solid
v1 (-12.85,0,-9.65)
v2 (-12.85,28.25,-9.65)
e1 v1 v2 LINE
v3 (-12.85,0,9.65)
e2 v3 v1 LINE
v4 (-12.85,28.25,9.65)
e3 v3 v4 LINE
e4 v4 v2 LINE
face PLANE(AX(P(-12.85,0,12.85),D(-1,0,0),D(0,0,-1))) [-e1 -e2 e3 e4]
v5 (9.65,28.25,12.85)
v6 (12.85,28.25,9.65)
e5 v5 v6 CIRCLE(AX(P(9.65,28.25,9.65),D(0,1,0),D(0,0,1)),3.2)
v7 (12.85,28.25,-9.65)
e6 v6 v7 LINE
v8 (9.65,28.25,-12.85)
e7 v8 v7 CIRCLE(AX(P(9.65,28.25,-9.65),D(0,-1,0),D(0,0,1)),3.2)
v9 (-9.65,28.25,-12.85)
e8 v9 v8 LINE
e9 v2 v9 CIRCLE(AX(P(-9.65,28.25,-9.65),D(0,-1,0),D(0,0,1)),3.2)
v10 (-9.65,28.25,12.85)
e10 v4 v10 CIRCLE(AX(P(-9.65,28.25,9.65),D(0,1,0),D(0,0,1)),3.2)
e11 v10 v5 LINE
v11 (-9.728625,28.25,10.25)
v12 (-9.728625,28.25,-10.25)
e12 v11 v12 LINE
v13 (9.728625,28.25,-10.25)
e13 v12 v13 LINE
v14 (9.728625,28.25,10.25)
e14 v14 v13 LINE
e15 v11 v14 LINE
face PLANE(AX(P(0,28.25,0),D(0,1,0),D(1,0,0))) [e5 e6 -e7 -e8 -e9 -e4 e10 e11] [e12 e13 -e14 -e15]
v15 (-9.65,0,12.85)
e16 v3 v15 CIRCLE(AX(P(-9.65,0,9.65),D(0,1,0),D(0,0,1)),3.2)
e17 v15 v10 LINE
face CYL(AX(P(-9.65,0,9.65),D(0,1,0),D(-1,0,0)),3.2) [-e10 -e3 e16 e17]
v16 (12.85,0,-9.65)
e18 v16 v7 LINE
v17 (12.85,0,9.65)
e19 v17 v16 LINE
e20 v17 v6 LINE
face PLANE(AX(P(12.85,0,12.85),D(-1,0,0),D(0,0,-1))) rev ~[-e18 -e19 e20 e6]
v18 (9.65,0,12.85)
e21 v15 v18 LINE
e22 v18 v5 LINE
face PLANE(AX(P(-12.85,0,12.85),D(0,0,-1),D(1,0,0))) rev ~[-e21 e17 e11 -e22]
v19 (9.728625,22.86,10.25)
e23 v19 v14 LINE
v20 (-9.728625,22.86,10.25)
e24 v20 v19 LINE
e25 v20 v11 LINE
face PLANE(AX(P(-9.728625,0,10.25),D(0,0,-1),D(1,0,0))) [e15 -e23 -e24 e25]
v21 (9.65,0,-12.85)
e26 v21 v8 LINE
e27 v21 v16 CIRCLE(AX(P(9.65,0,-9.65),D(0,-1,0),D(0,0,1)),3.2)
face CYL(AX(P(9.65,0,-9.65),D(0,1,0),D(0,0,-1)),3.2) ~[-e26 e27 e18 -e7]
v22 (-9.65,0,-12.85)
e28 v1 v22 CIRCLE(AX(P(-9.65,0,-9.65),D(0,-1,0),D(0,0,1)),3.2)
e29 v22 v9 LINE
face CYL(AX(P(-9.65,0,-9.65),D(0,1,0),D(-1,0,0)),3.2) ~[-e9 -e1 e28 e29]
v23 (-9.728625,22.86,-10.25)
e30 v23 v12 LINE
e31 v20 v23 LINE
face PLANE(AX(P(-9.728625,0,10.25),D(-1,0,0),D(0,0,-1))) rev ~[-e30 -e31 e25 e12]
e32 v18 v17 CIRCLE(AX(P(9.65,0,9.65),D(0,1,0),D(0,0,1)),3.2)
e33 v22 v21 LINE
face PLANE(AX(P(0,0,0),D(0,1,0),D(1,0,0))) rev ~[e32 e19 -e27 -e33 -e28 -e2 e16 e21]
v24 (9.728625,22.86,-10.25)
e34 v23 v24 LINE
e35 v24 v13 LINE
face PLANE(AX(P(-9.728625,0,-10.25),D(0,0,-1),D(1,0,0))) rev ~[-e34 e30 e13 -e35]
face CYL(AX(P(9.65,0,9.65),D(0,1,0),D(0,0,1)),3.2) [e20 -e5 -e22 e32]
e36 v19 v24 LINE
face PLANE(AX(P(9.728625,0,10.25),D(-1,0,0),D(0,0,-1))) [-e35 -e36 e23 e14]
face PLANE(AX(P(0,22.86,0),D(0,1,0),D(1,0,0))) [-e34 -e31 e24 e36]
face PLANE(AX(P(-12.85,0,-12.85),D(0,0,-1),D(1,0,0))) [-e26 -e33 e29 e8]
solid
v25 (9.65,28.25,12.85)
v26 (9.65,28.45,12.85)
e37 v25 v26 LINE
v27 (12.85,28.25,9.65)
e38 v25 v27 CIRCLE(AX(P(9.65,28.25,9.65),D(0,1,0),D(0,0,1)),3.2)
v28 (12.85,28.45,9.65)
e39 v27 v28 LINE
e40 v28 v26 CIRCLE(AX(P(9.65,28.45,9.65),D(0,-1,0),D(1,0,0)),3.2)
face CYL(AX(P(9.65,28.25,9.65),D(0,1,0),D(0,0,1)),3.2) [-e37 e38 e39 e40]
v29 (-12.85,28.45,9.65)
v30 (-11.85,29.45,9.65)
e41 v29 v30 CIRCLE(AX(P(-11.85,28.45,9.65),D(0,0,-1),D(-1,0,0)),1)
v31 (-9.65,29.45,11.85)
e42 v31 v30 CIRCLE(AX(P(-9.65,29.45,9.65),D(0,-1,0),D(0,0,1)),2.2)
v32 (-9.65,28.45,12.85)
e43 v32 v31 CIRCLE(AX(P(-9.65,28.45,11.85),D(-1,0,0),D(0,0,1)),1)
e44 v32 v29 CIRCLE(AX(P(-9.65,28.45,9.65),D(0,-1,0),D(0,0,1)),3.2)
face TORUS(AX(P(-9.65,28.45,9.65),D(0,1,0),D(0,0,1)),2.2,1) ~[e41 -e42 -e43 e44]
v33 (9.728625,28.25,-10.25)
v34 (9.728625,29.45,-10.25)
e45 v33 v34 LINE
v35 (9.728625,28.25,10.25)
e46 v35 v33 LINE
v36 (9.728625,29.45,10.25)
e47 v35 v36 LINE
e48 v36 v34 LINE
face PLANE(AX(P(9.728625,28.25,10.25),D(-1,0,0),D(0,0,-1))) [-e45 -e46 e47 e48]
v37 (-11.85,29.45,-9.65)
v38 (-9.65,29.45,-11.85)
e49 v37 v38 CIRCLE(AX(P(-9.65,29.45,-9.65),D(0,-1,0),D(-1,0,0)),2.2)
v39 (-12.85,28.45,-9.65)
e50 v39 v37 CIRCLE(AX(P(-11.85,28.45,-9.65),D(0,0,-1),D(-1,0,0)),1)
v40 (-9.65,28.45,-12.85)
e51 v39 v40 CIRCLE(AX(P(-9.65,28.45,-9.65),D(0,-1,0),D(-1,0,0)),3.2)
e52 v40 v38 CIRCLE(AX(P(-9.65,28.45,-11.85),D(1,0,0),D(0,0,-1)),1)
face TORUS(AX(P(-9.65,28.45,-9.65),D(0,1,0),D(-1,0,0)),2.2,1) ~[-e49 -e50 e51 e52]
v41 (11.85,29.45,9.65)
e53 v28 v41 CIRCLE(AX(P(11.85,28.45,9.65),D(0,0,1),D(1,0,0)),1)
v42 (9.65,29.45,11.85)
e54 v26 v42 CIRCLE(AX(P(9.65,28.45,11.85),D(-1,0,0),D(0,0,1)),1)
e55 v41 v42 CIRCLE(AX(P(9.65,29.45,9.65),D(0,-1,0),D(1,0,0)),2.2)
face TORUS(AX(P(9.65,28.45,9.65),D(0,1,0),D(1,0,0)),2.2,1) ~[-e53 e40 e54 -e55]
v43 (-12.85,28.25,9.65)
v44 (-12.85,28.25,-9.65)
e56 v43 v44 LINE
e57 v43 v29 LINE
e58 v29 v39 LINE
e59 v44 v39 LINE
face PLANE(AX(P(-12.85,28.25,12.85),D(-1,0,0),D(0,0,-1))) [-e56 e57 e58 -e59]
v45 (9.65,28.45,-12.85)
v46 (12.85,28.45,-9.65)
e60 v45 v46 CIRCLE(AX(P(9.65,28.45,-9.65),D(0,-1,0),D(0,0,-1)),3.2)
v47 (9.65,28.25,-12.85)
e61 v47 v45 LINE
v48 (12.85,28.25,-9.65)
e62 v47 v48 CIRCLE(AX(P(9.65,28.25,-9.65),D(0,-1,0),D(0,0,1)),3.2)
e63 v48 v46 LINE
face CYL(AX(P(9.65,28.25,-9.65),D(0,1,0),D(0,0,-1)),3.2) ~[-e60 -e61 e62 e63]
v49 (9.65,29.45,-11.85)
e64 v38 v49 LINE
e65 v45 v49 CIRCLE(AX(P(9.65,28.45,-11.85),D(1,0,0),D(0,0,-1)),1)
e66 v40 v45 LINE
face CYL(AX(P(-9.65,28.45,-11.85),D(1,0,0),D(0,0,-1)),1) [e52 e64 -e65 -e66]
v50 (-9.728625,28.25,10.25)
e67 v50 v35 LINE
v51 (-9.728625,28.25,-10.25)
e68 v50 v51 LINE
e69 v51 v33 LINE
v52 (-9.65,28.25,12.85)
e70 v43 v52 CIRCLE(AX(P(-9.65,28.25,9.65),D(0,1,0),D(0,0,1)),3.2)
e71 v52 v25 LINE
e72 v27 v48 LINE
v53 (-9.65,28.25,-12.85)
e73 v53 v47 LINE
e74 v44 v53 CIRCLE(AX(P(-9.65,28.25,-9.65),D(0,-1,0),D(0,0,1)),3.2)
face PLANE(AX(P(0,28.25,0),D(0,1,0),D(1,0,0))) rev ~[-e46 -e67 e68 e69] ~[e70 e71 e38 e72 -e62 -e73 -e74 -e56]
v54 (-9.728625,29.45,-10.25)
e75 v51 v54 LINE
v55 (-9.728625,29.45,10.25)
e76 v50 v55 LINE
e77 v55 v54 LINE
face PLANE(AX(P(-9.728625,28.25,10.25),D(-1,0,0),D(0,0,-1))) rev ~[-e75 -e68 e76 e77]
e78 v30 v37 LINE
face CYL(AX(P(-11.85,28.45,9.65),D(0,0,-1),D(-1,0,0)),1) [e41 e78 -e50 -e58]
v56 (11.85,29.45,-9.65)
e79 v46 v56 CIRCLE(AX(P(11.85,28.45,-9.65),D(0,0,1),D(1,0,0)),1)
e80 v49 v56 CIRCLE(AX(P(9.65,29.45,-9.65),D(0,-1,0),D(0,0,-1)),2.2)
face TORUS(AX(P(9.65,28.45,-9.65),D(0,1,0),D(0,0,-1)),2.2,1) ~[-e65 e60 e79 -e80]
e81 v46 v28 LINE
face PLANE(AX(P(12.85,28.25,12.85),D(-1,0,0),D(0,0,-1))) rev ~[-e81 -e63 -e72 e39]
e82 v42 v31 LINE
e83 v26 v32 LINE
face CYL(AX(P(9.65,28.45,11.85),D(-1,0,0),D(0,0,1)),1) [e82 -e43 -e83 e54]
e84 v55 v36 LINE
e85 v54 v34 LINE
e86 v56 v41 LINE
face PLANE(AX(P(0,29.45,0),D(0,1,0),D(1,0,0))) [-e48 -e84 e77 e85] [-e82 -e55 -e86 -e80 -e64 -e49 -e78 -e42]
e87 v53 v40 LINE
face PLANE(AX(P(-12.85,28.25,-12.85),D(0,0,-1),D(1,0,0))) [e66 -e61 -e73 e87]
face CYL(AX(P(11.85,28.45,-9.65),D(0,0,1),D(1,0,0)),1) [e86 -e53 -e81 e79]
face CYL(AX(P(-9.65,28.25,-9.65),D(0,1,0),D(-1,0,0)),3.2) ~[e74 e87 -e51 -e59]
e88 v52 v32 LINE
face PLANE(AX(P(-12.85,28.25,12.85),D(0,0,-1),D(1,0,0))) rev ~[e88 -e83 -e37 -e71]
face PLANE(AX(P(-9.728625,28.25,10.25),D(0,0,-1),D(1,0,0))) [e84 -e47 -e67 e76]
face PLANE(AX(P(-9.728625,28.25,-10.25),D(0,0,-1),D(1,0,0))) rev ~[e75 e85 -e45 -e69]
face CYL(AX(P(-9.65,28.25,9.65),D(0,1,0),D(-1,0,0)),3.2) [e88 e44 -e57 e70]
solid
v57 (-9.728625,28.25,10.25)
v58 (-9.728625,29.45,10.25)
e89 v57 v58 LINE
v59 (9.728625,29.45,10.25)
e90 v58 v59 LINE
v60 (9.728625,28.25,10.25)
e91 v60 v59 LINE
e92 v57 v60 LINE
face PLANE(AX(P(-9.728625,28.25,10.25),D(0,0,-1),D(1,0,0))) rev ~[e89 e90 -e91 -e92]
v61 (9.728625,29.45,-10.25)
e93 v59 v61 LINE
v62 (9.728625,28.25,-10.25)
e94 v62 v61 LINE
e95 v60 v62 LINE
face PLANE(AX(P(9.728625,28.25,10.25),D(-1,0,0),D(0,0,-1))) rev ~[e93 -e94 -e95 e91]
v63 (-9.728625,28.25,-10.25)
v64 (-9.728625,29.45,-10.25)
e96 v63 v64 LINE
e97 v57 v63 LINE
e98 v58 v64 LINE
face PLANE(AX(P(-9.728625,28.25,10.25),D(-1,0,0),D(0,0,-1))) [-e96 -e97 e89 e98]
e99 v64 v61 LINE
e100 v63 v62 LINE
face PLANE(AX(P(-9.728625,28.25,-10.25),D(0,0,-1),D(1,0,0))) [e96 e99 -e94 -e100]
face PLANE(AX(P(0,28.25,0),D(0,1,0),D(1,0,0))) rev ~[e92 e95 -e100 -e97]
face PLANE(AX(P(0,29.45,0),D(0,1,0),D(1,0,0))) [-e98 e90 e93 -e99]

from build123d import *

# Parameters (mm, degrees)
SKETCH1_W           = 25.7
SKETCH1_H           = 25.7
SKETCH1_W_2         = 19.457250824
SKETCH1_H_2         = 20.5
BOSS_EXTRUDE1_DEPTH = 28.25
SKETCH1_5_W         = 19.457250824
SKETCH1_5_H         = 20.5
BOSS_EXTRUDE4_DEPTH = 22.86
BOSS_EXTRUDE2_START = 28.25
SKETCH1_3_W         = 19.457250824
SKETCH1_3_H         = 20.5
BOSS_EXTRUDE2_DEPTH = 1.2
BOSS_EXTRUDE3_START = 28.25
SKETCH1_4_W         = 25.7
SKETCH1_4_H         = 25.7
SKETCH1_4_W_2       = 19.457250824
SKETCH1_4_H_2       = 20.5
BOSS_EXTRUDE3_DEPTH = 1.2
FILLET1_R           = 3.19999995
FILLET2_R           = 3.19999995
FILLET3_R           = 1


with BuildPart() as part:
    # Sketch1 → Boss-Extrude1 (new body)
    with BuildSketch(Plane(origin=(0, 0, 0), x_dir=(1, 0, 0), z_dir=(0, 1, 0))):
        Rectangle(SKETCH1_W, SKETCH1_H)
        Rectangle(SKETCH1_W_2, SKETCH1_H_2, mode=Mode.SUBTRACT)
    extrude(amount=BOSS_EXTRUDE1_DEPTH)

    # Sketch1<5> → Boss-Extrude4 (add)
    with BuildSketch(Plane(origin=(0, 0, 0), x_dir=(1, 0, 0), z_dir=(0, 1, 0))):
        Rectangle(SKETCH1_5_W, SKETCH1_5_H)
    extrude(amount=BOSS_EXTRUDE4_DEPTH)

    # Fillet1
    fillet1_edges = [part.edges().sort_by_distance(p)[0] for p in [
        (-12.85, 14.125, 12.85),
        (-12.85, 14.125, -12.85),
        (12.85, 14.125, -12.85),
        (12.85, 14.125, 12.85),
    ]]
    fillet(fillet1_edges, radius=FILLET1_R)


with BuildPart() as body_2:
    # Sketch1<3> → Boss-Extrude2 (new body)
    with BuildSketch(Plane(origin=(0, 0, 0), x_dir=(1, 0, 0), z_dir=(0, 1, 0)).offset(BOSS_EXTRUDE2_START)):
        Rectangle(SKETCH1_3_W, SKETCH1_3_H)
    extrude(amount=BOSS_EXTRUDE2_DEPTH)


with BuildPart() as body_3:
    # Sketch1<4> → Boss-Extrude3 (new body)
    with BuildSketch(Plane(origin=(0, 0, 0), x_dir=(1, 0, 0), z_dir=(0, 1, 0)).offset(BOSS_EXTRUDE3_START)):
        Rectangle(SKETCH1_4_W, SKETCH1_4_H)
        Rectangle(SKETCH1_4_W_2, SKETCH1_4_H_2, mode=Mode.SUBTRACT)
    extrude(amount=BOSS_EXTRUDE3_DEPTH)

    # Fillet2
    fillet2_edges = [body_3.edges().sort_by_distance(p)[0] for p in [
        (-12.85, 28.85, 12.85),
        (12.85, 28.85, 12.85),
        (12.85, 28.85, -12.85),
        (-12.85, 28.85, -12.85),
    ]]
    fillet(fillet2_edges, radius=FILLET2_R)

    # Fillet3
    fillet3_edges = [body_3.edges().sort_by_distance(p)[0] for p in [
        (-12.85, 29.45, 0),
        (0, 29.45, -12.85),
        (0, 29.45, 12.85),
        (12.85, 29.45, 0),
        (-11.912741714, 29.45, 11.912741714),
        (11.912741714, 29.45, 11.912741714),
        (11.912741714, 29.45, -11.912741714),
        (-11.912741714, 29.45, -11.912741714),
    ]]
    fillet(fillet3_edges, radius=FILLET3_R)


solid = Compound([part.part, body_2.part, body_3.part])
